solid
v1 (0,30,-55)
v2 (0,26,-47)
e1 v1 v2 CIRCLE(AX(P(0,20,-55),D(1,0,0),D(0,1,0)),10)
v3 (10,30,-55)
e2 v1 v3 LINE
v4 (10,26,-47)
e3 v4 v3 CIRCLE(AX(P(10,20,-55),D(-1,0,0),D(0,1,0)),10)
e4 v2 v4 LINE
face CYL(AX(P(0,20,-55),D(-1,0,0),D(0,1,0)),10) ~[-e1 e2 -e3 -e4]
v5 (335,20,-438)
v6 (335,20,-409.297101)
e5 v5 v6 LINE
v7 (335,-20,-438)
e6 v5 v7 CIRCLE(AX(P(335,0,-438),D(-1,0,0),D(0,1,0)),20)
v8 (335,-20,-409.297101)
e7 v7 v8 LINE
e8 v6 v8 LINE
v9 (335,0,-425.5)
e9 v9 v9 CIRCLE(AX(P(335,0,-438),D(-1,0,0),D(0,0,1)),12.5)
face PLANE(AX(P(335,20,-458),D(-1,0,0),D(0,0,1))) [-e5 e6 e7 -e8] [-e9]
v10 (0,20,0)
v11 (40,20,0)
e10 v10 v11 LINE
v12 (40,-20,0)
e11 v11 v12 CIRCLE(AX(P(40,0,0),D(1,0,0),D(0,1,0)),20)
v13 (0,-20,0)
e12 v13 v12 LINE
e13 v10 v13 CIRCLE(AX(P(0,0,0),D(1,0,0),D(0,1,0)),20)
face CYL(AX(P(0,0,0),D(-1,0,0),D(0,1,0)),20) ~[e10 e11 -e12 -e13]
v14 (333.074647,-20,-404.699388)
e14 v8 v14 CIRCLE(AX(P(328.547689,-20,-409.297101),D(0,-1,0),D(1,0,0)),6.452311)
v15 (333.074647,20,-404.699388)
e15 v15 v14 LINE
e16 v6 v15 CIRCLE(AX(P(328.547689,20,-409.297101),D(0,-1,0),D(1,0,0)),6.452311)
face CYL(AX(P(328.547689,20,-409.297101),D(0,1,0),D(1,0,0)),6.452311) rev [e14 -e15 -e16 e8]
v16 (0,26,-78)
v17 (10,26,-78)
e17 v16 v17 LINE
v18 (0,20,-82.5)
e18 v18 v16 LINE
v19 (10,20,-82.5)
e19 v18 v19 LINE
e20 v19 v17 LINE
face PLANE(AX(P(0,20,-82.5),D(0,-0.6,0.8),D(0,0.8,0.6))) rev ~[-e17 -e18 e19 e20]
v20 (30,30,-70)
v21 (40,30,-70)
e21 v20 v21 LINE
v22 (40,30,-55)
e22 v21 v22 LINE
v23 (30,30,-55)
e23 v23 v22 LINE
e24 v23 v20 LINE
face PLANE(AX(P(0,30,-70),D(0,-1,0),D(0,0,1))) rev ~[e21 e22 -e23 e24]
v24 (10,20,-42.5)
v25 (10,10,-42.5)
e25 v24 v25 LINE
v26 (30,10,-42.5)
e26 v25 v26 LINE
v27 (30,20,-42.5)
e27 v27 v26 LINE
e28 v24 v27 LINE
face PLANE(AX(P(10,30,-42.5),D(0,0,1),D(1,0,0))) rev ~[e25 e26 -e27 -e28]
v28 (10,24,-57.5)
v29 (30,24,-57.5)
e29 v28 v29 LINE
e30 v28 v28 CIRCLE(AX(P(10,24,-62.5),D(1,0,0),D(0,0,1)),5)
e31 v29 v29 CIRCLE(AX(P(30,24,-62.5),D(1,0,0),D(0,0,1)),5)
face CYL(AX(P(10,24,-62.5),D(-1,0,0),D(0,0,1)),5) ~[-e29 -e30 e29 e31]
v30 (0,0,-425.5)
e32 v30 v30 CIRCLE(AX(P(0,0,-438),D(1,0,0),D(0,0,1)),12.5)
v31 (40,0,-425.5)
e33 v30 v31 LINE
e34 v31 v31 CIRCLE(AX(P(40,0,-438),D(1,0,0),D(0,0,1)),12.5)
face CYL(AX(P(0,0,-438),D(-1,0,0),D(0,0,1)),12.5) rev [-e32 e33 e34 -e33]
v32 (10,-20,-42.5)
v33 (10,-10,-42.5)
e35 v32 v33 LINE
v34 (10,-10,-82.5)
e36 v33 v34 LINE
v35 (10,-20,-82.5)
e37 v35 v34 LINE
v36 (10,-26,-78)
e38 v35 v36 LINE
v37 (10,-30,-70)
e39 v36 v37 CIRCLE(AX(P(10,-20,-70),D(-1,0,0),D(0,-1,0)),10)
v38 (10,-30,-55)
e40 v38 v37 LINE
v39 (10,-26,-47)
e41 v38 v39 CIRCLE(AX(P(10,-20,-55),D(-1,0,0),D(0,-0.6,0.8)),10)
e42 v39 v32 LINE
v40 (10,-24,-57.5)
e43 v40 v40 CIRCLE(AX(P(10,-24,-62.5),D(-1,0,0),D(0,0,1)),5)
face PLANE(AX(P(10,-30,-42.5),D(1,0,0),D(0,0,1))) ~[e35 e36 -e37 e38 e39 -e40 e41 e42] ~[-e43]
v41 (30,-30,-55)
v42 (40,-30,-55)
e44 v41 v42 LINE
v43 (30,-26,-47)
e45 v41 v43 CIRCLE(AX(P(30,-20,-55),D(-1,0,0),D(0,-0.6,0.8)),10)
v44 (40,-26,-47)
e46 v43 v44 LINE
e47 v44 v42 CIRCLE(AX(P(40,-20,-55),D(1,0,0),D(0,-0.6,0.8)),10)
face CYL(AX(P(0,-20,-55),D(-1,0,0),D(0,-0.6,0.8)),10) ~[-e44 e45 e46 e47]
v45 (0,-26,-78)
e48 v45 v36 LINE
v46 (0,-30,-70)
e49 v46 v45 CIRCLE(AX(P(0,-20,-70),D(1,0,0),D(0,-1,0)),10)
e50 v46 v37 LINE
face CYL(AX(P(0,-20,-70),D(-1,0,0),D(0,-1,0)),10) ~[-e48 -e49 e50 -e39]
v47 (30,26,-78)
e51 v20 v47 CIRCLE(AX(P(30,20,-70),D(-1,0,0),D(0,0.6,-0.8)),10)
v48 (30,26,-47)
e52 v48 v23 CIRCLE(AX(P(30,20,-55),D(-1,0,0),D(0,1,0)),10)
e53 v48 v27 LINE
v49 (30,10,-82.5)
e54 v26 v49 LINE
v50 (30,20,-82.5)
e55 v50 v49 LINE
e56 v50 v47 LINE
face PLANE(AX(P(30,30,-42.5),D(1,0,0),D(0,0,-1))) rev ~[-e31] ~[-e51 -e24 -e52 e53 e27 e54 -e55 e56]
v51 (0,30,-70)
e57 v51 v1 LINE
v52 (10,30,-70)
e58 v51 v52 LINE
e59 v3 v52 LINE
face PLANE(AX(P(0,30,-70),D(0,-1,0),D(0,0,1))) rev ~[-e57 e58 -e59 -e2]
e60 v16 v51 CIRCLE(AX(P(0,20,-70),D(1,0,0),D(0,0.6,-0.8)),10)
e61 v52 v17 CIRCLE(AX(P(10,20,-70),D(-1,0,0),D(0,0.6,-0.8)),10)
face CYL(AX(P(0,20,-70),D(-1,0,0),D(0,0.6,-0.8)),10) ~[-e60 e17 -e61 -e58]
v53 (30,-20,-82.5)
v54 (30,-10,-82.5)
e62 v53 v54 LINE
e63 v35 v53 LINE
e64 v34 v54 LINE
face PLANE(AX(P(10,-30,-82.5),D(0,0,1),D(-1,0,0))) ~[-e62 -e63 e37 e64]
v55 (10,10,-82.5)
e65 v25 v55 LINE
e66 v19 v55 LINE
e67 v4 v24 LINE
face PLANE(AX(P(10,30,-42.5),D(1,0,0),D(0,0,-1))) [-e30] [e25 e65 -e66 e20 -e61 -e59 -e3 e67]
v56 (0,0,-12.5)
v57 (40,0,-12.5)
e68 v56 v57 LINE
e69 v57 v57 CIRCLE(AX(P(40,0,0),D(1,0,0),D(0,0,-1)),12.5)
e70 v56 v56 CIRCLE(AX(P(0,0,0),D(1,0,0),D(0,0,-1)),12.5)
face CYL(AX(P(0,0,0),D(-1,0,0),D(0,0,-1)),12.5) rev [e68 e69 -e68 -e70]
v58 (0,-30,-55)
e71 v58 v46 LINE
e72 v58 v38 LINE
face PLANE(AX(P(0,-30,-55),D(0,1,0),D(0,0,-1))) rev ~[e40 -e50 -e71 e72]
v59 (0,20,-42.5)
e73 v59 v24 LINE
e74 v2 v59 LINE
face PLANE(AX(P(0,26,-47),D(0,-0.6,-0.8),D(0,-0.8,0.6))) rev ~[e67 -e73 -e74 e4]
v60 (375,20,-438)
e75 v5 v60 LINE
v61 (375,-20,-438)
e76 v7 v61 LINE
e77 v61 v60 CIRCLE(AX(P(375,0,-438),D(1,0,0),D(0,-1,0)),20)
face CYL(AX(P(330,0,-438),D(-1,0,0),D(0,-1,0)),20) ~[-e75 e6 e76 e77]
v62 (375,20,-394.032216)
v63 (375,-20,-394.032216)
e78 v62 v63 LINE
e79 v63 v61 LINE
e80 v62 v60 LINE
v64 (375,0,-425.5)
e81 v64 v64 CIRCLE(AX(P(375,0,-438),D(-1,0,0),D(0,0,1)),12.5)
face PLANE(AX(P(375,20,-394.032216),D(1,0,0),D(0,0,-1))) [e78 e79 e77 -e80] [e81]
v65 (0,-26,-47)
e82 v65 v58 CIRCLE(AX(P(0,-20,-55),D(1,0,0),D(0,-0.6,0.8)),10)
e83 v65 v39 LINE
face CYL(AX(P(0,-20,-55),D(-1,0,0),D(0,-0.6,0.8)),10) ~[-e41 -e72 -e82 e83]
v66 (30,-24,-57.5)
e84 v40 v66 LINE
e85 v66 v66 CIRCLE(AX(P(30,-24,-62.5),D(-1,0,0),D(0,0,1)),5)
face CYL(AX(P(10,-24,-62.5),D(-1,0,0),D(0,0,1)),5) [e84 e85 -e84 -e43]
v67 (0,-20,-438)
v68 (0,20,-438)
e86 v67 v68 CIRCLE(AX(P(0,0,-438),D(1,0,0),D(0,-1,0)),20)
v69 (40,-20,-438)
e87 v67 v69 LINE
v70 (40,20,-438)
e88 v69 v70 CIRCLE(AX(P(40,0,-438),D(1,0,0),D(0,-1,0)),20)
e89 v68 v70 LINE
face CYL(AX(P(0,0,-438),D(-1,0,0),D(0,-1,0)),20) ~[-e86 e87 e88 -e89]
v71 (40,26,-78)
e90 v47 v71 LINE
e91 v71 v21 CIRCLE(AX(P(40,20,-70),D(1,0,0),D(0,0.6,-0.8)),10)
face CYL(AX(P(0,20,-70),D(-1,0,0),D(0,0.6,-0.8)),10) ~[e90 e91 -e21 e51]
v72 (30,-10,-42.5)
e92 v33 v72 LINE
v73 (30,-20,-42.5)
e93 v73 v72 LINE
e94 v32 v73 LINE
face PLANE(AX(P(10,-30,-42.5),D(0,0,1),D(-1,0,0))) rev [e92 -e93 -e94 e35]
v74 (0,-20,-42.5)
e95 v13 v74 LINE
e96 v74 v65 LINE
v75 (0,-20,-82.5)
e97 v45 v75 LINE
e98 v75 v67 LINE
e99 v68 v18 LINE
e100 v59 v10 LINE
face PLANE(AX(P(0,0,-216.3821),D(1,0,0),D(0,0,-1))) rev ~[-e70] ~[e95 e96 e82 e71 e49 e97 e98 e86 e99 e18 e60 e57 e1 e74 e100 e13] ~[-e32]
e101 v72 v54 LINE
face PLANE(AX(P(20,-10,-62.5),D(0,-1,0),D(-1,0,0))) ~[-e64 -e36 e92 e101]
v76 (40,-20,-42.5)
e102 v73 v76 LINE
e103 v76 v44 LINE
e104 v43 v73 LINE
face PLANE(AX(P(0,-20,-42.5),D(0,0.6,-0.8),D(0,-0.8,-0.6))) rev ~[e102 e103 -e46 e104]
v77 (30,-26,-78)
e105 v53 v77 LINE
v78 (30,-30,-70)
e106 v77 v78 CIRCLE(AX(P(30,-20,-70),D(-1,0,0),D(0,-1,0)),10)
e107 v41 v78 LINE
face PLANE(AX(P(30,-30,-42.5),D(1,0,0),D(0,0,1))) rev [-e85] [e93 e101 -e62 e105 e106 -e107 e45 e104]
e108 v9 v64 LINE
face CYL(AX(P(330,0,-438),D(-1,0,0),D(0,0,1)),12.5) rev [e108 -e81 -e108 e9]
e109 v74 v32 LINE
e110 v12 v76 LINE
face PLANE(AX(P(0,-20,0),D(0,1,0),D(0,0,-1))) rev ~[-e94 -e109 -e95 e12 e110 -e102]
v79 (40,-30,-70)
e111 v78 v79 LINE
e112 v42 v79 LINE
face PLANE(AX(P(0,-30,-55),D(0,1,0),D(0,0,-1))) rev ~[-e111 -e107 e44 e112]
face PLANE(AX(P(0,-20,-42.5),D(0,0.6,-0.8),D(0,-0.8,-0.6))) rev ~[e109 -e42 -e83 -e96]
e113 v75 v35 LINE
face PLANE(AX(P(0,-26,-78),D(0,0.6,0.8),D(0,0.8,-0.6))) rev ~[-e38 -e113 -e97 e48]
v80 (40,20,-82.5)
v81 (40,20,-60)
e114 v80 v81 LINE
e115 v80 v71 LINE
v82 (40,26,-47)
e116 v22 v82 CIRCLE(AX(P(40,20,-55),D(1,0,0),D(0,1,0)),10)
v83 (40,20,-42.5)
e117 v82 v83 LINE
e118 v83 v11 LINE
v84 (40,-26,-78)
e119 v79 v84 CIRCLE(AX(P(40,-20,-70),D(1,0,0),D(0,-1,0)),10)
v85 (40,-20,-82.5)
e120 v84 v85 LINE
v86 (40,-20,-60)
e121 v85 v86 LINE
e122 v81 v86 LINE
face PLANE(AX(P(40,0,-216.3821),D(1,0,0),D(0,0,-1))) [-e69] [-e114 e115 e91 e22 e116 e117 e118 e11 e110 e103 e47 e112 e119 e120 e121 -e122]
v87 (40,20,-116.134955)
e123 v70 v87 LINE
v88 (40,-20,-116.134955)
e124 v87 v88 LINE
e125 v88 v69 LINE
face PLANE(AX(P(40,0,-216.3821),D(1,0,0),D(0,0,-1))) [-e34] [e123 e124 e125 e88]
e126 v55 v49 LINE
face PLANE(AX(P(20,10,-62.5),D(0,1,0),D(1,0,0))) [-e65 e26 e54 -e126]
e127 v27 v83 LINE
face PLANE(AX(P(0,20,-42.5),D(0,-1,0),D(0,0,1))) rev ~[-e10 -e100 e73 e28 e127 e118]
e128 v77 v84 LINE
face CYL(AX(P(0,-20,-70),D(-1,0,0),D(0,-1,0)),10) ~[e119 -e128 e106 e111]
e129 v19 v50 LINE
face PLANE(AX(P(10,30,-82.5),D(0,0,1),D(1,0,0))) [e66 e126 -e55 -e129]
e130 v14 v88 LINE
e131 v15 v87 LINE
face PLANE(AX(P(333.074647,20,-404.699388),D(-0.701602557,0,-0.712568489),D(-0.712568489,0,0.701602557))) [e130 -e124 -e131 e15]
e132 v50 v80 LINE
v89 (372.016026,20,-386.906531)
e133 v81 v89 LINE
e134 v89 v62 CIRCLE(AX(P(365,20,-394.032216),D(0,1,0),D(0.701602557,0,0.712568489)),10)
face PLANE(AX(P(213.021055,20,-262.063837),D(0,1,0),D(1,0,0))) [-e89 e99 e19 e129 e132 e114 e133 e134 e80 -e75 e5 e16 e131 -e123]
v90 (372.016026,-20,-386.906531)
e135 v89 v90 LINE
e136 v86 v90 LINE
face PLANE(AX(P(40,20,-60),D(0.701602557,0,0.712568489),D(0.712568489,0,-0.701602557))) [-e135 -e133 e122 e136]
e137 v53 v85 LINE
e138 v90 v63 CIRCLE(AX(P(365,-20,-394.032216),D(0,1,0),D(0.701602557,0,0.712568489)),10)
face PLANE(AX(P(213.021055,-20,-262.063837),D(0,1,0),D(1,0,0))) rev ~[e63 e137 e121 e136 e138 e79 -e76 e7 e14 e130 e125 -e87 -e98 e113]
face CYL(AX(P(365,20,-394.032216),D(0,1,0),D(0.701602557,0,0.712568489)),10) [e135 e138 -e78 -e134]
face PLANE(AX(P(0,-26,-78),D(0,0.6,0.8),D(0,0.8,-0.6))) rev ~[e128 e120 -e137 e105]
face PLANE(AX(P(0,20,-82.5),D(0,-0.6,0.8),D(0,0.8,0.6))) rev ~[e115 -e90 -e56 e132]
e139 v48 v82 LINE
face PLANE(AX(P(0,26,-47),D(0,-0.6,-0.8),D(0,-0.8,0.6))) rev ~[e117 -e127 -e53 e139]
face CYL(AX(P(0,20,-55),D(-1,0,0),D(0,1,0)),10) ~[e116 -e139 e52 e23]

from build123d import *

# Parameters (mm, degrees)
CROQUIS1_R                 = 12.5
SALIENTE_EXTRUIR1_DEPTH    = 40
SALIENTE_EXTRUIR2_DEPTH    = 40
CORTAR_EXTRUIR2_DEPTH      = 45
CORTAR_EXTRUIR2_DEPTH_BACK = 45
CROQUIS4_R                 = 12.5
CROQUIS6_W                 = 20
CROQUIS6_H                 = 40
CORTAR_EXTRUIR3_DEPTH      = 20
CROQUIS7_R                 = 5
SALIENTE_EXTRUIR3_DEPTH    = 20


with BuildPart() as part:
    # Croquis1 → Saliente-Extruir1 (new body)
    with BuildSketch(Plane(origin=(0, 0, 0), x_dir=(0, 0, -1), z_dir=(1, 0, 0))):
        with BuildLine():
            Line((42.5, 20), (0, 20))
            ThreePointArc((0, 20), (-20, 0), (0, -20))
            Line((0, -20), (42.5, -20))
            Line((42.5, -20), (47, -26))
            ThreePointArc((47, -26), (50.527864045, -28.94427191), (55, -30))
            Line((55, -30), (70, -30))
            ThreePointArc((70, -30), (74.472135955, -28.94427191), (78, -26))
            Line((78, -26), (82.5, -20))
            Line((82.5, -20), (438, -20))
            ThreePointArc((438, -20), (458, 0), (438, 20))
            Line((438, 20), (82.5, 20))
            Line((82.5, 20), (78, 26))
            ThreePointArc((78, 26), (74.472135955, 28.94427191), (70, 30))
            Line((70, 30), (55, 30))
            ThreePointArc((55, 30), (50.527864045, 28.94427191), (47, 26))
            Line((47, 26), (42.5, 20))
        make_face()
        with Locations((438, 0)):
            Circle(CROQUIS1_R, mode=Mode.SUBTRACT)
        Circle(CROQUIS1_R, mode=Mode.SUBTRACT)
    extrude(amount=SALIENTE_EXTRUIR1_DEPTH)

    # Croquis2 → Saliente-Extruir2 (add)
    with BuildSketch(Plane(origin=(0, 20, 0), x_dir=(1, 0, 0), z_dir=(0, 1, 0))):
        with BuildLine():
            Line((40, 116.134954918), (40, 60))
            Line((40, 60), (372.016025575, 386.906530798))
            ThreePointArc((372.016025575, 386.906530798), (374.223888978, 390.169590656), (375, 394.032215687))
            Line((375, 394.032215687), (375, 458))
            Line((375, 458), (335, 458))
            Line((335, 458), (335, 438.09469359))
            Line((335, 438.09469359), (335, 409.297101222))
            ThreePointArc((335, 409.297101222), (334.49922902, 406.80481537), (333.074646857, 404.699387623))
            Line((333.074646857, 404.699387623), (40, 116.134954918))
        make_face()
    extrude(amount=-SALIENTE_EXTRUIR2_DEPTH)

    # Croquis4 → Cortar-Extruir2 (cut, two sides: drawn at the far end of the back side and taken through both)
    with BuildSketch(Plane(origin=(375, 0, 0), x_dir=(0, 0, -1), z_dir=(1, 0, 0)).offset(-CORTAR_EXTRUIR2_DEPTH_BACK)):
        with Locations((438, 0)):
            Circle(CROQUIS4_R)
        with BuildLine():
            Line((438, 20), (458, 20))
            Line((458, 20), (498.77405459, 20))
            Line((498.77405459, 20), (498.77405459, -20))
            Line((498.77405459, -20), (438, -20))
            ThreePointArc((438, -20), (458, 0), (438, 20))
        make_face()
    extrude(amount=CORTAR_EXTRUIR2_DEPTH + CORTAR_EXTRUIR2_DEPTH_BACK, mode=Mode.SUBTRACT)

    # Croquis6 → Cortar-Extruir3 (cut)
    with BuildSketch(Plane(origin=(0, 30, 0), x_dir=(1, 0, 0), z_dir=(0, 1, 0))):
        with Locations((20, 62.5)):
            Rectangle(CROQUIS6_W, CROQUIS6_H)
    cortar_extruir3 = extrude(amount=-CORTAR_EXTRUIR3_DEPTH, mode=Mode.SUBTRACT)

    # Croquis7 → Saliente-Extruir3 (add)
    with BuildSketch(Plane(origin=(10, 0, 0), x_dir=(0, 0, -1), z_dir=(1, 0, 0))):
        with Locations((62.5, 24)):
            Circle(CROQUIS7_R)
    saliente_extruir3 = extrude(amount=SALIENTE_EXTRUIR3_DEPTH)

    # Simetría1: Cortar-Extruir3, Saliente-Extruir3 across plane
    add(cortar_extruir3.mirror(Plane.ZX), mode=Mode.SUBTRACT)
    add(saliente_extruir3.mirror(Plane.ZX))


solid = part.part
